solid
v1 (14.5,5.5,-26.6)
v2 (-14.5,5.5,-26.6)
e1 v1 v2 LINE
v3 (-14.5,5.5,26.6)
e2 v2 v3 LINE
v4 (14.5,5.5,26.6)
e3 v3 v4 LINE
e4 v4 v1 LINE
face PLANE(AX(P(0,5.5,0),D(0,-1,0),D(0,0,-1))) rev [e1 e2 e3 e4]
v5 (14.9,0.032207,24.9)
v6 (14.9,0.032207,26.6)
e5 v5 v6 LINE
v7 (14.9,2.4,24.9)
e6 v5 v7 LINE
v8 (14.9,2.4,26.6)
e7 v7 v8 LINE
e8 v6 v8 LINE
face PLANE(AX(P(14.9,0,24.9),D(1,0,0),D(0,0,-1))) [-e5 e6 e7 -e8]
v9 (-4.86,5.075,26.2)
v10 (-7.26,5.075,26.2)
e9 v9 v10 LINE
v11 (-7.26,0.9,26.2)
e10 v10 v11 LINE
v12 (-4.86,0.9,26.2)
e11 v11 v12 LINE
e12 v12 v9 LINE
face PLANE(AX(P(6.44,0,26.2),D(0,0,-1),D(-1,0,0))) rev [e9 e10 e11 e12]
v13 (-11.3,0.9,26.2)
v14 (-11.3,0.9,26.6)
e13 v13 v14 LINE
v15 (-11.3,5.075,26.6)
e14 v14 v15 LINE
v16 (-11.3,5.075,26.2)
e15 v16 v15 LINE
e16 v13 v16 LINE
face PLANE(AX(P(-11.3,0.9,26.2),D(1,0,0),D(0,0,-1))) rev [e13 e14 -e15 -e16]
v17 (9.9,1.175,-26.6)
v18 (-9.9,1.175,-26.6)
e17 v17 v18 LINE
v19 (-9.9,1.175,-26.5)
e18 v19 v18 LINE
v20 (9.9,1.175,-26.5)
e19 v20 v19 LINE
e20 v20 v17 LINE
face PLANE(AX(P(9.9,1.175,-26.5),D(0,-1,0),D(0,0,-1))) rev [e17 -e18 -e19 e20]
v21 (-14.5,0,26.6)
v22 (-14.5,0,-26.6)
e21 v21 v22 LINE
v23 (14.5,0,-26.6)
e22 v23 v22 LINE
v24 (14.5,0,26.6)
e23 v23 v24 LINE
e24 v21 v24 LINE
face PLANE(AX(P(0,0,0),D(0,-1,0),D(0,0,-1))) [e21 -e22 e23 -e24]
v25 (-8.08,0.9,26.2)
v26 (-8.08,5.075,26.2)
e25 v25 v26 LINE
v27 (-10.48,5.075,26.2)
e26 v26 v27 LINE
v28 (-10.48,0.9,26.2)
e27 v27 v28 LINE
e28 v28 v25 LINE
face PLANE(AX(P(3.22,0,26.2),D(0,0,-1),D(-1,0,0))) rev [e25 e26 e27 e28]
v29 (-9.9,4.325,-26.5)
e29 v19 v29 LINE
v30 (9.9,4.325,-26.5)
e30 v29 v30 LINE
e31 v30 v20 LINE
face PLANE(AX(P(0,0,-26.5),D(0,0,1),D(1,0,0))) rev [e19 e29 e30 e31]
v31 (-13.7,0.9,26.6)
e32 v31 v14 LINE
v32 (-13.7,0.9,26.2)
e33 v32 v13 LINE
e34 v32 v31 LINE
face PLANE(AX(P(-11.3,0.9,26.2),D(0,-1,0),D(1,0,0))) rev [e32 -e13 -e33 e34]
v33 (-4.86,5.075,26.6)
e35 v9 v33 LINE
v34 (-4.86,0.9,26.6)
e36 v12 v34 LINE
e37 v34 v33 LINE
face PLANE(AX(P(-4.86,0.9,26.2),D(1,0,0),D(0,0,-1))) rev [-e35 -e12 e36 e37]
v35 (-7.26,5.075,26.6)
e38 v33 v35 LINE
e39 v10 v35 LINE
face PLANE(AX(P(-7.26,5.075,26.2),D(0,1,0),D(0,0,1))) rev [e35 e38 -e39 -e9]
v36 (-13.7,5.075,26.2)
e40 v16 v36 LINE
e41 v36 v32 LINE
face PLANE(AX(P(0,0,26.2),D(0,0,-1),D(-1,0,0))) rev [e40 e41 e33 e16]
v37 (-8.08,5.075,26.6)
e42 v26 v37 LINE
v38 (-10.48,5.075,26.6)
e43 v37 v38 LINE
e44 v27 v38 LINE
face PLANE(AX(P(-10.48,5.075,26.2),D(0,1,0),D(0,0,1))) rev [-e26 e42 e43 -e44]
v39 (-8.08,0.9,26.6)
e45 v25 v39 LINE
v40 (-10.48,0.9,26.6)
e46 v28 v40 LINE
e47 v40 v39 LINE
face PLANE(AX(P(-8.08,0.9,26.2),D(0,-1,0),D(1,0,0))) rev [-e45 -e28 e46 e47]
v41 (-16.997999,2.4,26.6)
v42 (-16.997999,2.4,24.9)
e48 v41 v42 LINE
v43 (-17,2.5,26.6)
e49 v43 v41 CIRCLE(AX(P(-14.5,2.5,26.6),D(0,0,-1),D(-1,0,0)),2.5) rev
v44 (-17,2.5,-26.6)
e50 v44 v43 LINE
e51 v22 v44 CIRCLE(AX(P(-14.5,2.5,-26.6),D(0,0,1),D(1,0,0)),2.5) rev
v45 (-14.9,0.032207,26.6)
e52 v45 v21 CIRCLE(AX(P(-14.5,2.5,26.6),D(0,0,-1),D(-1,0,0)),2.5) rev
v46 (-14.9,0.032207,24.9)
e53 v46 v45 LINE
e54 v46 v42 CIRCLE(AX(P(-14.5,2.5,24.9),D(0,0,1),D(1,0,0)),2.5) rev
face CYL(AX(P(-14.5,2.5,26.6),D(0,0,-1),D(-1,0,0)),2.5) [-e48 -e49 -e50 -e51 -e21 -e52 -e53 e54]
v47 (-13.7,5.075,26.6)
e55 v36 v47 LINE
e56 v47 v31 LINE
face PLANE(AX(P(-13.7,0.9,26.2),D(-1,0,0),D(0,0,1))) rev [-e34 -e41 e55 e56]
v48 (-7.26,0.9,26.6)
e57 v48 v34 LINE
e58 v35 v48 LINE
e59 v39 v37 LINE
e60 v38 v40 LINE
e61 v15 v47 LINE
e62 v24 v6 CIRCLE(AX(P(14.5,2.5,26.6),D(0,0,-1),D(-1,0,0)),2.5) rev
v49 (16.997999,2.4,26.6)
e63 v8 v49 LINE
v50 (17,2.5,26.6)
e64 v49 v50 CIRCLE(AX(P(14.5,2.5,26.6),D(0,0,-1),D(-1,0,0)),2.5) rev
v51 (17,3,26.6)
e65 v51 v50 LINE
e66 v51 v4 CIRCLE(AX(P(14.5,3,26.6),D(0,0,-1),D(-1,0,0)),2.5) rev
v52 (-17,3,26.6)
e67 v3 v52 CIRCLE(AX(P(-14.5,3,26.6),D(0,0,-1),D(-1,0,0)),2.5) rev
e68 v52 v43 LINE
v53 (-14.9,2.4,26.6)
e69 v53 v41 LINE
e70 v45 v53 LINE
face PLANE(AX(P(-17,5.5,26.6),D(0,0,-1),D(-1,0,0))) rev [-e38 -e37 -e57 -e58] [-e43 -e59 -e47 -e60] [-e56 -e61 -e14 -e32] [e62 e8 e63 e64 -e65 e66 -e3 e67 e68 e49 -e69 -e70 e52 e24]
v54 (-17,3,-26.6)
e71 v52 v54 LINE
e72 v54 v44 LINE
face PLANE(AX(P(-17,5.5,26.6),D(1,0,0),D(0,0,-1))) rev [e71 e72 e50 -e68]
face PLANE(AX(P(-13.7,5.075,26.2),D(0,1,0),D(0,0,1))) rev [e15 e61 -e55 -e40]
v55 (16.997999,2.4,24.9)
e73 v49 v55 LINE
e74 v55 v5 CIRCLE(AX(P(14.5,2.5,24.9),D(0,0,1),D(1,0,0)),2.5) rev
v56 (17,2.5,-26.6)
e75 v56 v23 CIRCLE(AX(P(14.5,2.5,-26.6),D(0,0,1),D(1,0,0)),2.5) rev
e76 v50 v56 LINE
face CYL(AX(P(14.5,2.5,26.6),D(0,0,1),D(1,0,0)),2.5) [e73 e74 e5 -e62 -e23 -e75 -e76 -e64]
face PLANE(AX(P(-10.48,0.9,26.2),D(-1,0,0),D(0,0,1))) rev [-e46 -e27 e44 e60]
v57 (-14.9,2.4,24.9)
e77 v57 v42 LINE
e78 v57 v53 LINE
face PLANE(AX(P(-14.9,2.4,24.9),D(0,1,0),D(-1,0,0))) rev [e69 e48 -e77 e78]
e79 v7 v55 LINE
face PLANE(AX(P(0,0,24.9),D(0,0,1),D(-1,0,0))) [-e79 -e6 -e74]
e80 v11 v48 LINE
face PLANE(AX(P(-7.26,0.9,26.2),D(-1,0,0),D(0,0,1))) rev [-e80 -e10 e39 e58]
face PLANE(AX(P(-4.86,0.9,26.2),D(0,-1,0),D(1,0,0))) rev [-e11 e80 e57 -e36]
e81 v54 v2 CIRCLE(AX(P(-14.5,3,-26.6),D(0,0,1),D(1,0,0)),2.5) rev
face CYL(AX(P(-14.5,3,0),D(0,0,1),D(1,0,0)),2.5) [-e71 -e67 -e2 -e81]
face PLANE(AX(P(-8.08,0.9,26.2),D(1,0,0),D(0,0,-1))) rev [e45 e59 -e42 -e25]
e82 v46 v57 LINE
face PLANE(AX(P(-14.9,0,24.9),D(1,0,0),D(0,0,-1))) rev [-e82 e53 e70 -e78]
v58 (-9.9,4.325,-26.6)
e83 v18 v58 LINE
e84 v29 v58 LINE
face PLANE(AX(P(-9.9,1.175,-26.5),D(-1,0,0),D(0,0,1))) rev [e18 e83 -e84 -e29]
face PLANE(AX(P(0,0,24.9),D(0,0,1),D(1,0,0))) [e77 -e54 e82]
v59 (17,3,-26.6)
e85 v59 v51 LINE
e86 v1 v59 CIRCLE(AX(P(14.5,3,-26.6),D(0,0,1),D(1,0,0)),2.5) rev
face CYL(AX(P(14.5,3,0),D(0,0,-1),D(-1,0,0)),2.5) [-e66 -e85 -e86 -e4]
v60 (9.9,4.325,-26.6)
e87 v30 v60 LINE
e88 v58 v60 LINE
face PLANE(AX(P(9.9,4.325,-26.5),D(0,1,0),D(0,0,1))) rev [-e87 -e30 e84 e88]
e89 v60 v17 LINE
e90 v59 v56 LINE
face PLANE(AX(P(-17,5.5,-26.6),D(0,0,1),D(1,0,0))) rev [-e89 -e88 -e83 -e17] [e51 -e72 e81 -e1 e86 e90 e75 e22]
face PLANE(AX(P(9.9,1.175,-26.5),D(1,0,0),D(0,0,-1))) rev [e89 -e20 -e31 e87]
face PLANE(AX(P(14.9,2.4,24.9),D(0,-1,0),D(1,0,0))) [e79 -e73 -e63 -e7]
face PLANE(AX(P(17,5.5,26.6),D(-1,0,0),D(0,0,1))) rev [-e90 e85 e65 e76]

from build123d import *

# Parameters (mm, degrees)
SKETCH1_W           = 34
SKETCH1_H           = 53.2
BOSS_EXTRUDE1_DEPTH = 5.5
FILLET1_R           = 2.5
SKETCH2_W           = 2.4
SKETCH2_H           = 4.175
CUT_EXTRUDE1_DEPTH  = 0.4
LPATTERN1_COUNT     = 3
LPATTERN1_PITCH     = 3.22
SKETCH4_W           = 4.132195005
SKETCH4_H           = 2.4
CUT_EXTRUDE2_DEPTH  = 1.7
SKETCH5_W           = 19.8
SKETCH5_H           = 3.15
CUT_EXTRUDE3_DEPTH  = 0.1


with BuildPart() as part:
    # Sketch1 → Boss-Extrude1 (new body)
    with BuildSketch(Plane(origin=(0, 0, 0), x_dir=(1, 0, 0), z_dir=(0, 1, 0))):
        Rectangle(SKETCH1_W, SKETCH1_H)
    extrude(amount=BOSS_EXTRUDE1_DEPTH)

    # Fillet1
    fillet1_edges = [part.edges().sort_by_distance(p)[0] for p in [
        (-17, 5.5, 0),
        (17, 5.5, 0),
        (-17, 0, 0),
        (17, 0, 0),
    ]]
    fillet(fillet1_edges, radius=FILLET1_R)

    # Sketch2 → Cut-Extrude1 (cut)
    with BuildSketch(Plane.XY.offset(26.6)):
        with Locations((-12.5, 2.9875)):
            Rectangle(SKETCH2_W, SKETCH2_H)
    cut_extrude1 = extrude(amount=-CUT_EXTRUDE1_DEPTH, mode=Mode.SUBTRACT)

    # LPattern1: Cut-Extrude1 ×3
    with Locations(*[(i * LPATTERN1_PITCH, 0, 0) for i in range(1, LPATTERN1_COUNT)]):
        add(cut_extrude1, mode=Mode.SUBTRACT)

    # Sketch4 → Cut-Extrude2 (cut)
    with BuildSketch(Plane.XY.offset(26.6)):
        with Locations((-16.966097503, 1.2)):
            Rectangle(SKETCH4_W, SKETCH4_H)
    cut_extrude2 = extrude(amount=-CUT_EXTRUDE2_DEPTH, mode=Mode.SUBTRACT)

    # Mirror1: Cut-Extrude2 across plane
    add(cut_extrude2.mirror(Plane(origin=(0, 0, 0), x_dir=(0, 0, 1), z_dir=(1, 0, 0))), mode=Mode.SUBTRACT)

    # Sketch5 → Cut-Extrude3 (cut)
    with BuildSketch(Plane(origin=(0, 0, -26.6), x_dir=(-1, 0, 0), z_dir=(0, 0, -1))):
        with Locations((0, 2.75)):
            Rectangle(SKETCH5_W, SKETCH5_H)
    extrude(amount=-CUT_EXTRUDE3_DEPTH, mode=Mode.SUBTRACT)


solid = part.part
